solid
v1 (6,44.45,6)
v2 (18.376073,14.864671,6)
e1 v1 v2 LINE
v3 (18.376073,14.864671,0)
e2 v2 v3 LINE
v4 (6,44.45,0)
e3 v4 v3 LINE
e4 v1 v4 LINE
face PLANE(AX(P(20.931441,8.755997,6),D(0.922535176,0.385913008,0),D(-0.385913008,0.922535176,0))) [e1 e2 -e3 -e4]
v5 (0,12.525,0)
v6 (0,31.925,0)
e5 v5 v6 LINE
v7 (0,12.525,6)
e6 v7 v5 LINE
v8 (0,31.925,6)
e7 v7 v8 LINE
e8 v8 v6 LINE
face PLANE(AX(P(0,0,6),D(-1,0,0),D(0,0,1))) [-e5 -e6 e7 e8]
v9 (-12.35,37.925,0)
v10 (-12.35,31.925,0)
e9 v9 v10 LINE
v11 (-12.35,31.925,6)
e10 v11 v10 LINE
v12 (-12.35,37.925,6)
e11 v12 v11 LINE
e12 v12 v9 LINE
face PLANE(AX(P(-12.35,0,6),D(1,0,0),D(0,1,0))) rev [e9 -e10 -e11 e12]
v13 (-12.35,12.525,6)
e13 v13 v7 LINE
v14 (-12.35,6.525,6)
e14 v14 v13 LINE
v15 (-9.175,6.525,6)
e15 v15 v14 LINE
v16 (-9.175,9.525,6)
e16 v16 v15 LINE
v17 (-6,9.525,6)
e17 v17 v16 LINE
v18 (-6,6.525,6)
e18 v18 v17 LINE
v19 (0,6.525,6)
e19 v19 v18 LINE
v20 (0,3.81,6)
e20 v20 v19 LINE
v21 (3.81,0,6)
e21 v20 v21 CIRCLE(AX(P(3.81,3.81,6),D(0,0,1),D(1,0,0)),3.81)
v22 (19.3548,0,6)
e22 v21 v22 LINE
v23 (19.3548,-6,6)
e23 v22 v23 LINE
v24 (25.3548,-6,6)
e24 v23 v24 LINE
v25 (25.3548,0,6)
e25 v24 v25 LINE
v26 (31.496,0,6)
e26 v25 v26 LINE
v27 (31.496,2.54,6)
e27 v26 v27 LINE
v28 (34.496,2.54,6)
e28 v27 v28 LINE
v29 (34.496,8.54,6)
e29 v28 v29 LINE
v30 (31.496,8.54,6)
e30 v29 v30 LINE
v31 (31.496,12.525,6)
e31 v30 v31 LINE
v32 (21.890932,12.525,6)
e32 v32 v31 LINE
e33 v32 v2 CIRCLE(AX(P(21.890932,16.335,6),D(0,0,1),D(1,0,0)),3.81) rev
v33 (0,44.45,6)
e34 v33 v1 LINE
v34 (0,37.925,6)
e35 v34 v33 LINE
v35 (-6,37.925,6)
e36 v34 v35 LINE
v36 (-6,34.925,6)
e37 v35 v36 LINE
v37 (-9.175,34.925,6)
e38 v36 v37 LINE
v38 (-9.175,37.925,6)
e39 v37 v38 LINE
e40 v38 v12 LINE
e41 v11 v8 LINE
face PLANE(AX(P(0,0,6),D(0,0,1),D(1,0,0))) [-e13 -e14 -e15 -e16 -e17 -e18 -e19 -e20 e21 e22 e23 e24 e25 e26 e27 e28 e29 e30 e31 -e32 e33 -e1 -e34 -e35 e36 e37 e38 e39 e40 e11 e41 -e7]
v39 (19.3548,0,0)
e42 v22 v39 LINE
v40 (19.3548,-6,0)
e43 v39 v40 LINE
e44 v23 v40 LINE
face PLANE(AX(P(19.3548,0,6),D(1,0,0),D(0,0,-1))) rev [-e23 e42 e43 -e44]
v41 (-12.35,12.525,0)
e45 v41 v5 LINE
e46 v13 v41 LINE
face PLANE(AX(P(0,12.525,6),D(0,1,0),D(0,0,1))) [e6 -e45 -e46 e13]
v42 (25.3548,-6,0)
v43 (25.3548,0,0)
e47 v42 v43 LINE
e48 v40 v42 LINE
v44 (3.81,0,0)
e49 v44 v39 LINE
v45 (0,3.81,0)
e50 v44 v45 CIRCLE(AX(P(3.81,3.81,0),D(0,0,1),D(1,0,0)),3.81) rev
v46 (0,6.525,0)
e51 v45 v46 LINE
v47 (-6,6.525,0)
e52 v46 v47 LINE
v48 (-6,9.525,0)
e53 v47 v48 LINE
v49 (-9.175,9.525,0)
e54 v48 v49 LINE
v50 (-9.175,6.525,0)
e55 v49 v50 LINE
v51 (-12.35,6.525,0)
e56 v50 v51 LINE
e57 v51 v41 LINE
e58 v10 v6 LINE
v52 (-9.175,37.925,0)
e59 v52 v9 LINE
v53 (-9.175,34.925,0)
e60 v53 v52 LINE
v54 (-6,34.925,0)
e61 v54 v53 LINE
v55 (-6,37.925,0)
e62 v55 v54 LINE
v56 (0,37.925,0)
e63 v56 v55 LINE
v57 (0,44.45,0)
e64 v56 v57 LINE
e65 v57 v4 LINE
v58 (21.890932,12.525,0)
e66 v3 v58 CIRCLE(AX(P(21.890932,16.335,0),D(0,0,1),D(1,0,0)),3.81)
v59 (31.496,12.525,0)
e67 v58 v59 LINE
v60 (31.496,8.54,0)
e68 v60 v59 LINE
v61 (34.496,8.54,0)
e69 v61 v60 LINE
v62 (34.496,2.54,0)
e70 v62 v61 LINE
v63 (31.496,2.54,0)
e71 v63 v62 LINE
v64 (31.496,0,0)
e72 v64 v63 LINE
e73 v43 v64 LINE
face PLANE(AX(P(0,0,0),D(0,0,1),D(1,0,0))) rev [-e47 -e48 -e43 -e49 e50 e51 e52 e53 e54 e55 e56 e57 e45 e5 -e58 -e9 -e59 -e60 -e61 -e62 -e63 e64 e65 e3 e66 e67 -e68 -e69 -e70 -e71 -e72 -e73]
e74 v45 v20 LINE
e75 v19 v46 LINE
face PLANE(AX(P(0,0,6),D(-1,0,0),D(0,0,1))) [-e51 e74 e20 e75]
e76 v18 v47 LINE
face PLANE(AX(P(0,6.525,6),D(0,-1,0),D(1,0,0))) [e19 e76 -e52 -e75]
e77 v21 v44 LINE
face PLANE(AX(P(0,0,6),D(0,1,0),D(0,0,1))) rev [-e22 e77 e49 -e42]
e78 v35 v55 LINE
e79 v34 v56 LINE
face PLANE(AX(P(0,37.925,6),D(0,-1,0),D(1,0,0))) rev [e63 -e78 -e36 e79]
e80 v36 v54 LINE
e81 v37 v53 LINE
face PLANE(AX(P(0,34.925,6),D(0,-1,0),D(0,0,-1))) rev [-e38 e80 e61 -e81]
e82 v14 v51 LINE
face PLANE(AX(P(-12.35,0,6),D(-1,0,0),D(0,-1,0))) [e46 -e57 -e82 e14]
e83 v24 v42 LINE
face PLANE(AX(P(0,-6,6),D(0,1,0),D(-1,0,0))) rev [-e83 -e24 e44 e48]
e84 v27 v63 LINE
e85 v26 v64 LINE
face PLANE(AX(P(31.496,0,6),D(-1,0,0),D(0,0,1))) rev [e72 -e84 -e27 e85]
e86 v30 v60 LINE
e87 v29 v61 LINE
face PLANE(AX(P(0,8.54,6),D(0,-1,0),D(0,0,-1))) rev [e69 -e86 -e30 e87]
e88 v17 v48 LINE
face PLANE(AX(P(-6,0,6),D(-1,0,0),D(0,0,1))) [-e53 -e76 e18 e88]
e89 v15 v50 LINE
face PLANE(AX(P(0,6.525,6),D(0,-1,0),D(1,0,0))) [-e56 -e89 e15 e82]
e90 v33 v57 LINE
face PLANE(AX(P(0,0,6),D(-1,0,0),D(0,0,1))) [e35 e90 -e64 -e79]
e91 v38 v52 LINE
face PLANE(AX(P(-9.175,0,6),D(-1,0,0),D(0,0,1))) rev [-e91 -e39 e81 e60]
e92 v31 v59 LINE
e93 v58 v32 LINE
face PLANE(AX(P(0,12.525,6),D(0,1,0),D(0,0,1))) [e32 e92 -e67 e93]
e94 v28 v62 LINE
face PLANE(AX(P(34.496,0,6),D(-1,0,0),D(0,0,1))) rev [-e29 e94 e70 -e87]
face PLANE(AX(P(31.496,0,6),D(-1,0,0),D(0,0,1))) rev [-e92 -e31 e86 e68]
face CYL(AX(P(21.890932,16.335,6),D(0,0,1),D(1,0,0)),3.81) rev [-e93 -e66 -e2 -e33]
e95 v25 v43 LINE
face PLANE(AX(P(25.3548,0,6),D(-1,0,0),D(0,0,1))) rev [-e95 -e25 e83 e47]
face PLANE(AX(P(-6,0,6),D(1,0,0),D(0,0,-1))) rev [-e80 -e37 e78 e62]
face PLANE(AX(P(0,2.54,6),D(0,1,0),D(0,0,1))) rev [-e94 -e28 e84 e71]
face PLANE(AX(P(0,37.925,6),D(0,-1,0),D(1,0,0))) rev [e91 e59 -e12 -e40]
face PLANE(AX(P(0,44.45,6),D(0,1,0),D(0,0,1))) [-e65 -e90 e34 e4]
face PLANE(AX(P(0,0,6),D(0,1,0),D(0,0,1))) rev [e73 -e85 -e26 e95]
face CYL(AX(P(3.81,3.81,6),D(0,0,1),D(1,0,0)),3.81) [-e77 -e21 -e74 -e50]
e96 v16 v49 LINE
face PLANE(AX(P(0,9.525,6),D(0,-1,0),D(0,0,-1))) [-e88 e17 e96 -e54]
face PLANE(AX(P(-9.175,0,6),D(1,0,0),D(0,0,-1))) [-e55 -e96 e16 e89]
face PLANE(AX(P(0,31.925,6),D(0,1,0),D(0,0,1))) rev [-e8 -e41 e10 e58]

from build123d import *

# Parameters (mm, degrees)
BOSS_EXTRUDE1_DEPTH = 6
FILLET1_R           = 3.81


with BuildPart() as part:
    # Sketch1 → Boss-Extrude1 (new body)
    with BuildSketch(Plane.XY):
        Polygon((-12.35, 31.925), (0, 31.925), (0, 37.925), (-6, 37.925), (-6, 34.925), (-9.175, 34.925), (-9.175, 37.925), (-12.35, 37.925), align=None)
        Polygon((19.3548, 12.525), (31.496, 12.525), (31.496, 8.54), (34.496, 8.54), (34.496, 2.54), (31.496, 2.54), (31.496, 0), (25.3548, 0), (25.3548, -6), (19.3548, -6), (19.3548, 0), (0, 0), (0, 44.45), (6, 44.45), align=None)
        Polygon((-6, 6.525), (0, 6.525), (0, 12.525), (-12.35, 12.525), (-12.35, 6.525), (-9.175, 6.525), (-9.175, 9.525), (-6, 9.525), align=None)
    extrude(amount=BOSS_EXTRUDE1_DEPTH)

    # Fillet1
    fillet1_edges = [part.edges().sort_by_distance(p)[0] for p in [
        (19.3548, 12.525, 3),
        (0, 0, 3),
    ]]
    fillet(fillet1_edges, radius=FILLET1_R)


solid = part.part
